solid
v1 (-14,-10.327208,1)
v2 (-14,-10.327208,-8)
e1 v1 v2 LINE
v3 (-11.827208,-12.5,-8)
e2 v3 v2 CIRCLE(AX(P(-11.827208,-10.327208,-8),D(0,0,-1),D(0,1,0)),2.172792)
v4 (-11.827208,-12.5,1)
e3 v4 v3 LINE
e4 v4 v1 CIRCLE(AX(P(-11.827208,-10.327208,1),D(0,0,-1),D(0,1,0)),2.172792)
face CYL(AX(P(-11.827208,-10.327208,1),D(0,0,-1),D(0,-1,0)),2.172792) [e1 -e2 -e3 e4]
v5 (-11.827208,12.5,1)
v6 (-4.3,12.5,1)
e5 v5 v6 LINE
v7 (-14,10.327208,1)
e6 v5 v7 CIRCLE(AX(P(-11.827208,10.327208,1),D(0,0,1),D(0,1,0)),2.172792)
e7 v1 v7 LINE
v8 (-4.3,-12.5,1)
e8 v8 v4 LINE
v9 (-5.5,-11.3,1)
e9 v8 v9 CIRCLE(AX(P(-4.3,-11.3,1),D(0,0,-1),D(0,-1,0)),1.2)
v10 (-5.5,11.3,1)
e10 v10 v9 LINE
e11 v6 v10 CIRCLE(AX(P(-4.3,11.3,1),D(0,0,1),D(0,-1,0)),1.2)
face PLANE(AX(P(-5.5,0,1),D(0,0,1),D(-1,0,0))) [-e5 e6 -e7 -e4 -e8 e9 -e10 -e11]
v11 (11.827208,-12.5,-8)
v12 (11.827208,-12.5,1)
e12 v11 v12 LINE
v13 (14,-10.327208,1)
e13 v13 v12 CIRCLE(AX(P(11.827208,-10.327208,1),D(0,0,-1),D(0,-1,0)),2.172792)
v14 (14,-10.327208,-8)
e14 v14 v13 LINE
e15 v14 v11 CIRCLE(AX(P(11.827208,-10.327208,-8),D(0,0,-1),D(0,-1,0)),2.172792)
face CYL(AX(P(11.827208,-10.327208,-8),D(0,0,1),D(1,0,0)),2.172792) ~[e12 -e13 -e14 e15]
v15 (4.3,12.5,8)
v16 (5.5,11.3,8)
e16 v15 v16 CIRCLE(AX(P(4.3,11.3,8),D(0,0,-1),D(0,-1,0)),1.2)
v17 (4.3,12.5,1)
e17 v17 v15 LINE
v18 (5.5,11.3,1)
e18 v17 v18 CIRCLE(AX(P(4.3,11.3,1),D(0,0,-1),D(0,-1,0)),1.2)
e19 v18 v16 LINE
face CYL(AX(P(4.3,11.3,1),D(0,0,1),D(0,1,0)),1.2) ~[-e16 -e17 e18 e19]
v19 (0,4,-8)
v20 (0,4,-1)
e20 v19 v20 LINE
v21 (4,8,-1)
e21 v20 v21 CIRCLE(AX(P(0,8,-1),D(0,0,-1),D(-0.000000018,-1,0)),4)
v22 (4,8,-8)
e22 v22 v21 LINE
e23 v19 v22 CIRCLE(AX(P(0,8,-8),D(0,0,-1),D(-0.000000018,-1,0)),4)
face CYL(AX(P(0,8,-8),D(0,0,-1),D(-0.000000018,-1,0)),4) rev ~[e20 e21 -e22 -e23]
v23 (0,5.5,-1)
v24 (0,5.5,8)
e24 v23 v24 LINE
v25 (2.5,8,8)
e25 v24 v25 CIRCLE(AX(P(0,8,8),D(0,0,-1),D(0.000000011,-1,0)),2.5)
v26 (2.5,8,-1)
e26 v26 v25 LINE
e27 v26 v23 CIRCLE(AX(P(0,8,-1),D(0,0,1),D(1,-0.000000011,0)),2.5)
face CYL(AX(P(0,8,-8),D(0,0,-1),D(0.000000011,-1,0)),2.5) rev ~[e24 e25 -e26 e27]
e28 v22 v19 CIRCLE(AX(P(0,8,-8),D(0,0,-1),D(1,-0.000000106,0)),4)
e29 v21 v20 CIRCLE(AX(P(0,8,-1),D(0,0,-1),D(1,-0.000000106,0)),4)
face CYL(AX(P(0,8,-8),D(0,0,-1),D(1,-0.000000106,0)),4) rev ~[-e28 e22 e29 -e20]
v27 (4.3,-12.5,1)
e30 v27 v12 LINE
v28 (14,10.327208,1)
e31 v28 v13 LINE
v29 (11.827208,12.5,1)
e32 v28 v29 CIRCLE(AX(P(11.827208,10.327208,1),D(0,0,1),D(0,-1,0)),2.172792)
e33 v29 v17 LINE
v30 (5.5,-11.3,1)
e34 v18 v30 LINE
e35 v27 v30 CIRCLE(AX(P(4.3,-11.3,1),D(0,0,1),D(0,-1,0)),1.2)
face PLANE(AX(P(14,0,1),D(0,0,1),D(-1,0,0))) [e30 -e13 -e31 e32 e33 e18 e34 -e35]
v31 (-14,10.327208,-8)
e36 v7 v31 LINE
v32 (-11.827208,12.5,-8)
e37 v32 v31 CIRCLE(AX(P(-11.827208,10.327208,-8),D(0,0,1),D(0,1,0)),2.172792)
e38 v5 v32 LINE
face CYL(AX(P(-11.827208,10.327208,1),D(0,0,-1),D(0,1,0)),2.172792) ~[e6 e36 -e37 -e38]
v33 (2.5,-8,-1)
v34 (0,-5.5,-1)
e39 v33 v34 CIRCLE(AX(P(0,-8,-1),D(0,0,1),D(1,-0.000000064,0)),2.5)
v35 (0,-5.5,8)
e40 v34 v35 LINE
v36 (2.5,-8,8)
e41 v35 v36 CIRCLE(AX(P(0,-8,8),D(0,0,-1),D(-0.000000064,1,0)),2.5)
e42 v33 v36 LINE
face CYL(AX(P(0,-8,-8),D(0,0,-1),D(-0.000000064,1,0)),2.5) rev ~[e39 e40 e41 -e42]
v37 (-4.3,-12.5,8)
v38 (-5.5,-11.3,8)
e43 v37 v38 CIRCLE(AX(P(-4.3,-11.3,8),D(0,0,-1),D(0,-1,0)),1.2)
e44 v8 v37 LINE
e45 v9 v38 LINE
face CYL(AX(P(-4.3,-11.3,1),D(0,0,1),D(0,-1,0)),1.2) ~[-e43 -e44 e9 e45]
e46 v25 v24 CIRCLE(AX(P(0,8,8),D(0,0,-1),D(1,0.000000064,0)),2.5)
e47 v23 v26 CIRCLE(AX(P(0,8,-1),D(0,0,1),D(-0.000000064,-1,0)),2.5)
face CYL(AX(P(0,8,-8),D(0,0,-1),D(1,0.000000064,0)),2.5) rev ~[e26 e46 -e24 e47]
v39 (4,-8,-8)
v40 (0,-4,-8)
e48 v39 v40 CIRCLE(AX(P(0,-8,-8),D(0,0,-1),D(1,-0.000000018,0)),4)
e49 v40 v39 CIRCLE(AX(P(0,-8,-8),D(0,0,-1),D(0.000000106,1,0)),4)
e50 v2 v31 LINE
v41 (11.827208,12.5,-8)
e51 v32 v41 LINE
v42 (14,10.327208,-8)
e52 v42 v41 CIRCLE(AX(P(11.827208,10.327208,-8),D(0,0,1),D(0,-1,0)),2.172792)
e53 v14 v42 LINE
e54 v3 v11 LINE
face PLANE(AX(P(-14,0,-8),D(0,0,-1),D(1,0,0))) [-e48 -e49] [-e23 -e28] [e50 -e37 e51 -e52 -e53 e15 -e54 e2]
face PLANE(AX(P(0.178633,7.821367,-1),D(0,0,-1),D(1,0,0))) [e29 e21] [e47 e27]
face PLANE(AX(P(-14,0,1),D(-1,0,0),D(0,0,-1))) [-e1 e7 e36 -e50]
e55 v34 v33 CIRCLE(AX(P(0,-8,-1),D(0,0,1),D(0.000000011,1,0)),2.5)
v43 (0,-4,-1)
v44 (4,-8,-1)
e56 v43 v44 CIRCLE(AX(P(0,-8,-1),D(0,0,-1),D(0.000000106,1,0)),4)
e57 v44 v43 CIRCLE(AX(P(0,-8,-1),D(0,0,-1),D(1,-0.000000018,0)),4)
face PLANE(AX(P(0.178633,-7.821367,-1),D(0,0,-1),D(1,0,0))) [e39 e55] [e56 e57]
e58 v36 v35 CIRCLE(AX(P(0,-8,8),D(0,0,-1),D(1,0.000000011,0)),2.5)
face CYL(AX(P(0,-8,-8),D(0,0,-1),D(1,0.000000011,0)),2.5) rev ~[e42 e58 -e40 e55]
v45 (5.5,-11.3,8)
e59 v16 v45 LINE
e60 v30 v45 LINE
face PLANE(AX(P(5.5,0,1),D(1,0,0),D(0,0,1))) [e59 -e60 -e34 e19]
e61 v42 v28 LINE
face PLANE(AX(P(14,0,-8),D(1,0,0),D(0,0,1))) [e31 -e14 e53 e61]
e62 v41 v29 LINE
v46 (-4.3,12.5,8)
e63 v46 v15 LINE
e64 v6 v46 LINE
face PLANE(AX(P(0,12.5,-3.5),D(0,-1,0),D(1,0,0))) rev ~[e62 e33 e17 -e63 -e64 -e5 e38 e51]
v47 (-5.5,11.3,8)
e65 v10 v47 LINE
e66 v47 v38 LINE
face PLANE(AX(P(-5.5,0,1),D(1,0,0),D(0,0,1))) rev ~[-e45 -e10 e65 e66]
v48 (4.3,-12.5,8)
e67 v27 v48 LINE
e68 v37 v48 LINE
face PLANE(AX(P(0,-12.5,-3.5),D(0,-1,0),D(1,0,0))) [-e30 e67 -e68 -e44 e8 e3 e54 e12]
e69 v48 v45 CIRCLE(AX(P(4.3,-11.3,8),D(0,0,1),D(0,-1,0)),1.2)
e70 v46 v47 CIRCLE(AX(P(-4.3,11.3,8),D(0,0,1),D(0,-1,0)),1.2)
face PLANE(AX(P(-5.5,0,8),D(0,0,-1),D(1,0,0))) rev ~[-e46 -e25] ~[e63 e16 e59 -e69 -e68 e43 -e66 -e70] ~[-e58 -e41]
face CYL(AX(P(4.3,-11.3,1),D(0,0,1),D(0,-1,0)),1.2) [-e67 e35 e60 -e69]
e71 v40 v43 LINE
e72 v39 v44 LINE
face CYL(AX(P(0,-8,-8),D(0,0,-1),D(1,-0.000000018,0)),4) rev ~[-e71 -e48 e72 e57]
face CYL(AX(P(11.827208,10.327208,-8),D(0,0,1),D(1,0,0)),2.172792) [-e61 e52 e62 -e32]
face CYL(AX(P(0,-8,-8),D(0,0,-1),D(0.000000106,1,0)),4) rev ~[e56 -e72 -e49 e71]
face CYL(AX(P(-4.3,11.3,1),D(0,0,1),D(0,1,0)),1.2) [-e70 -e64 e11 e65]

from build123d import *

# Parameters (mm, degrees)
F0_W     = 11
F0_H     = 7
F1_DEPTH = 12.5
F3_DEPTH = 25
F4_DEPTH = 7
F5_R     = 2.172792
F6_R     = 1.2


with BuildPart() as f1:
    # F0 (on Front) → F1 (new body, symmetric)
    with BuildSketch(Plane.XZ):
        Polygon((14, -8), (14, 1), (5.5, 1), (-5.5, 1), (-14, 1), (-14, -8), align=None)
        with Locations((0, 4.5)):
            Rectangle(F0_W, F0_H)
    extrude(amount=F1_DEPTH, both=True)

    # F2 (on face) → F3 (cut)
    with BuildSketch(Plane(origin=(0, 0, -8), x_dir=(1, 0, 0), z_dir=(0, 0, -1))):
        with BuildLine():
            ThreePointArc((2.5, 8), (-1.767767, 9.767767), (0, 5.5))
            ThreePointArc((0, 5.5), (1.767767, 6.232233), (2.5, 8))
        make_face()
        with BuildLine():
            ThreePointArc((2.5, -8), (1.767767, -6.232233), (0, -5.5))
            ThreePointArc((0, -5.5), (-1.767767, -9.767767), (2.5, -8))
        make_face()
    extrude(amount=-F3_DEPTH, mode=Mode.SUBTRACT)

    # F2 (on face) → F4 (cut)
    with BuildSketch(Plane(origin=(0, 0, -8), x_dir=(1, 0, 0), z_dir=(0, 0, -1))):
        with BuildLine():
            ThreePointArc((4, 8), (-2.828427, 10.828427), (0, 4))
            ThreePointArc((0, 4), (2.828427, 5.171573), (4, 8))
        make_face()
        with BuildLine():
            ThreePointArc((2.5, 8), (1.767767, 6.232233), (0, 5.5))
            ThreePointArc((0, 5.5), (-1.767767, 9.767767), (2.5, 8))
        make_face(mode=Mode.SUBTRACT)
        with BuildLine():
            ThreePointArc((4, -8), (2.828427, -5.171573), (0, -4))
            ThreePointArc((0, -4), (-2.828427, -10.828427), (4, -8))
        make_face()
        with BuildLine():
            ThreePointArc((2.5, -8), (-1.767767, -9.767767), (0, -5.5))
            ThreePointArc((0, -5.5), (1.767767, -6.232233), (2.5, -8))
        make_face(mode=Mode.SUBTRACT)
    extrude(amount=-F4_DEPTH, mode=Mode.SUBTRACT)

    # F5
    f5_edges = [f1.edges().sort_by_distance(p)[0] for p in [
        (-14, -12.5, -3.5),
        (14, -12.5, -3.5),
        (14, 12.5, -3.5),
        (-14, 12.5, -3.5),
    ]]
    fillet(f5_edges, radius=F5_R)

    # F6
    f6_edges = [f1.edges().sort_by_distance(p)[0] for p in [
        (5.5, -12.5, 4.5),
        (-5.5, -12.5, 4.5),
        (5.5, 12.5, 4.5),
        (-5.5, 12.5, 4.5),
    ]]
    fillet(f6_edges, radius=F6_R)


solid = f1.part
